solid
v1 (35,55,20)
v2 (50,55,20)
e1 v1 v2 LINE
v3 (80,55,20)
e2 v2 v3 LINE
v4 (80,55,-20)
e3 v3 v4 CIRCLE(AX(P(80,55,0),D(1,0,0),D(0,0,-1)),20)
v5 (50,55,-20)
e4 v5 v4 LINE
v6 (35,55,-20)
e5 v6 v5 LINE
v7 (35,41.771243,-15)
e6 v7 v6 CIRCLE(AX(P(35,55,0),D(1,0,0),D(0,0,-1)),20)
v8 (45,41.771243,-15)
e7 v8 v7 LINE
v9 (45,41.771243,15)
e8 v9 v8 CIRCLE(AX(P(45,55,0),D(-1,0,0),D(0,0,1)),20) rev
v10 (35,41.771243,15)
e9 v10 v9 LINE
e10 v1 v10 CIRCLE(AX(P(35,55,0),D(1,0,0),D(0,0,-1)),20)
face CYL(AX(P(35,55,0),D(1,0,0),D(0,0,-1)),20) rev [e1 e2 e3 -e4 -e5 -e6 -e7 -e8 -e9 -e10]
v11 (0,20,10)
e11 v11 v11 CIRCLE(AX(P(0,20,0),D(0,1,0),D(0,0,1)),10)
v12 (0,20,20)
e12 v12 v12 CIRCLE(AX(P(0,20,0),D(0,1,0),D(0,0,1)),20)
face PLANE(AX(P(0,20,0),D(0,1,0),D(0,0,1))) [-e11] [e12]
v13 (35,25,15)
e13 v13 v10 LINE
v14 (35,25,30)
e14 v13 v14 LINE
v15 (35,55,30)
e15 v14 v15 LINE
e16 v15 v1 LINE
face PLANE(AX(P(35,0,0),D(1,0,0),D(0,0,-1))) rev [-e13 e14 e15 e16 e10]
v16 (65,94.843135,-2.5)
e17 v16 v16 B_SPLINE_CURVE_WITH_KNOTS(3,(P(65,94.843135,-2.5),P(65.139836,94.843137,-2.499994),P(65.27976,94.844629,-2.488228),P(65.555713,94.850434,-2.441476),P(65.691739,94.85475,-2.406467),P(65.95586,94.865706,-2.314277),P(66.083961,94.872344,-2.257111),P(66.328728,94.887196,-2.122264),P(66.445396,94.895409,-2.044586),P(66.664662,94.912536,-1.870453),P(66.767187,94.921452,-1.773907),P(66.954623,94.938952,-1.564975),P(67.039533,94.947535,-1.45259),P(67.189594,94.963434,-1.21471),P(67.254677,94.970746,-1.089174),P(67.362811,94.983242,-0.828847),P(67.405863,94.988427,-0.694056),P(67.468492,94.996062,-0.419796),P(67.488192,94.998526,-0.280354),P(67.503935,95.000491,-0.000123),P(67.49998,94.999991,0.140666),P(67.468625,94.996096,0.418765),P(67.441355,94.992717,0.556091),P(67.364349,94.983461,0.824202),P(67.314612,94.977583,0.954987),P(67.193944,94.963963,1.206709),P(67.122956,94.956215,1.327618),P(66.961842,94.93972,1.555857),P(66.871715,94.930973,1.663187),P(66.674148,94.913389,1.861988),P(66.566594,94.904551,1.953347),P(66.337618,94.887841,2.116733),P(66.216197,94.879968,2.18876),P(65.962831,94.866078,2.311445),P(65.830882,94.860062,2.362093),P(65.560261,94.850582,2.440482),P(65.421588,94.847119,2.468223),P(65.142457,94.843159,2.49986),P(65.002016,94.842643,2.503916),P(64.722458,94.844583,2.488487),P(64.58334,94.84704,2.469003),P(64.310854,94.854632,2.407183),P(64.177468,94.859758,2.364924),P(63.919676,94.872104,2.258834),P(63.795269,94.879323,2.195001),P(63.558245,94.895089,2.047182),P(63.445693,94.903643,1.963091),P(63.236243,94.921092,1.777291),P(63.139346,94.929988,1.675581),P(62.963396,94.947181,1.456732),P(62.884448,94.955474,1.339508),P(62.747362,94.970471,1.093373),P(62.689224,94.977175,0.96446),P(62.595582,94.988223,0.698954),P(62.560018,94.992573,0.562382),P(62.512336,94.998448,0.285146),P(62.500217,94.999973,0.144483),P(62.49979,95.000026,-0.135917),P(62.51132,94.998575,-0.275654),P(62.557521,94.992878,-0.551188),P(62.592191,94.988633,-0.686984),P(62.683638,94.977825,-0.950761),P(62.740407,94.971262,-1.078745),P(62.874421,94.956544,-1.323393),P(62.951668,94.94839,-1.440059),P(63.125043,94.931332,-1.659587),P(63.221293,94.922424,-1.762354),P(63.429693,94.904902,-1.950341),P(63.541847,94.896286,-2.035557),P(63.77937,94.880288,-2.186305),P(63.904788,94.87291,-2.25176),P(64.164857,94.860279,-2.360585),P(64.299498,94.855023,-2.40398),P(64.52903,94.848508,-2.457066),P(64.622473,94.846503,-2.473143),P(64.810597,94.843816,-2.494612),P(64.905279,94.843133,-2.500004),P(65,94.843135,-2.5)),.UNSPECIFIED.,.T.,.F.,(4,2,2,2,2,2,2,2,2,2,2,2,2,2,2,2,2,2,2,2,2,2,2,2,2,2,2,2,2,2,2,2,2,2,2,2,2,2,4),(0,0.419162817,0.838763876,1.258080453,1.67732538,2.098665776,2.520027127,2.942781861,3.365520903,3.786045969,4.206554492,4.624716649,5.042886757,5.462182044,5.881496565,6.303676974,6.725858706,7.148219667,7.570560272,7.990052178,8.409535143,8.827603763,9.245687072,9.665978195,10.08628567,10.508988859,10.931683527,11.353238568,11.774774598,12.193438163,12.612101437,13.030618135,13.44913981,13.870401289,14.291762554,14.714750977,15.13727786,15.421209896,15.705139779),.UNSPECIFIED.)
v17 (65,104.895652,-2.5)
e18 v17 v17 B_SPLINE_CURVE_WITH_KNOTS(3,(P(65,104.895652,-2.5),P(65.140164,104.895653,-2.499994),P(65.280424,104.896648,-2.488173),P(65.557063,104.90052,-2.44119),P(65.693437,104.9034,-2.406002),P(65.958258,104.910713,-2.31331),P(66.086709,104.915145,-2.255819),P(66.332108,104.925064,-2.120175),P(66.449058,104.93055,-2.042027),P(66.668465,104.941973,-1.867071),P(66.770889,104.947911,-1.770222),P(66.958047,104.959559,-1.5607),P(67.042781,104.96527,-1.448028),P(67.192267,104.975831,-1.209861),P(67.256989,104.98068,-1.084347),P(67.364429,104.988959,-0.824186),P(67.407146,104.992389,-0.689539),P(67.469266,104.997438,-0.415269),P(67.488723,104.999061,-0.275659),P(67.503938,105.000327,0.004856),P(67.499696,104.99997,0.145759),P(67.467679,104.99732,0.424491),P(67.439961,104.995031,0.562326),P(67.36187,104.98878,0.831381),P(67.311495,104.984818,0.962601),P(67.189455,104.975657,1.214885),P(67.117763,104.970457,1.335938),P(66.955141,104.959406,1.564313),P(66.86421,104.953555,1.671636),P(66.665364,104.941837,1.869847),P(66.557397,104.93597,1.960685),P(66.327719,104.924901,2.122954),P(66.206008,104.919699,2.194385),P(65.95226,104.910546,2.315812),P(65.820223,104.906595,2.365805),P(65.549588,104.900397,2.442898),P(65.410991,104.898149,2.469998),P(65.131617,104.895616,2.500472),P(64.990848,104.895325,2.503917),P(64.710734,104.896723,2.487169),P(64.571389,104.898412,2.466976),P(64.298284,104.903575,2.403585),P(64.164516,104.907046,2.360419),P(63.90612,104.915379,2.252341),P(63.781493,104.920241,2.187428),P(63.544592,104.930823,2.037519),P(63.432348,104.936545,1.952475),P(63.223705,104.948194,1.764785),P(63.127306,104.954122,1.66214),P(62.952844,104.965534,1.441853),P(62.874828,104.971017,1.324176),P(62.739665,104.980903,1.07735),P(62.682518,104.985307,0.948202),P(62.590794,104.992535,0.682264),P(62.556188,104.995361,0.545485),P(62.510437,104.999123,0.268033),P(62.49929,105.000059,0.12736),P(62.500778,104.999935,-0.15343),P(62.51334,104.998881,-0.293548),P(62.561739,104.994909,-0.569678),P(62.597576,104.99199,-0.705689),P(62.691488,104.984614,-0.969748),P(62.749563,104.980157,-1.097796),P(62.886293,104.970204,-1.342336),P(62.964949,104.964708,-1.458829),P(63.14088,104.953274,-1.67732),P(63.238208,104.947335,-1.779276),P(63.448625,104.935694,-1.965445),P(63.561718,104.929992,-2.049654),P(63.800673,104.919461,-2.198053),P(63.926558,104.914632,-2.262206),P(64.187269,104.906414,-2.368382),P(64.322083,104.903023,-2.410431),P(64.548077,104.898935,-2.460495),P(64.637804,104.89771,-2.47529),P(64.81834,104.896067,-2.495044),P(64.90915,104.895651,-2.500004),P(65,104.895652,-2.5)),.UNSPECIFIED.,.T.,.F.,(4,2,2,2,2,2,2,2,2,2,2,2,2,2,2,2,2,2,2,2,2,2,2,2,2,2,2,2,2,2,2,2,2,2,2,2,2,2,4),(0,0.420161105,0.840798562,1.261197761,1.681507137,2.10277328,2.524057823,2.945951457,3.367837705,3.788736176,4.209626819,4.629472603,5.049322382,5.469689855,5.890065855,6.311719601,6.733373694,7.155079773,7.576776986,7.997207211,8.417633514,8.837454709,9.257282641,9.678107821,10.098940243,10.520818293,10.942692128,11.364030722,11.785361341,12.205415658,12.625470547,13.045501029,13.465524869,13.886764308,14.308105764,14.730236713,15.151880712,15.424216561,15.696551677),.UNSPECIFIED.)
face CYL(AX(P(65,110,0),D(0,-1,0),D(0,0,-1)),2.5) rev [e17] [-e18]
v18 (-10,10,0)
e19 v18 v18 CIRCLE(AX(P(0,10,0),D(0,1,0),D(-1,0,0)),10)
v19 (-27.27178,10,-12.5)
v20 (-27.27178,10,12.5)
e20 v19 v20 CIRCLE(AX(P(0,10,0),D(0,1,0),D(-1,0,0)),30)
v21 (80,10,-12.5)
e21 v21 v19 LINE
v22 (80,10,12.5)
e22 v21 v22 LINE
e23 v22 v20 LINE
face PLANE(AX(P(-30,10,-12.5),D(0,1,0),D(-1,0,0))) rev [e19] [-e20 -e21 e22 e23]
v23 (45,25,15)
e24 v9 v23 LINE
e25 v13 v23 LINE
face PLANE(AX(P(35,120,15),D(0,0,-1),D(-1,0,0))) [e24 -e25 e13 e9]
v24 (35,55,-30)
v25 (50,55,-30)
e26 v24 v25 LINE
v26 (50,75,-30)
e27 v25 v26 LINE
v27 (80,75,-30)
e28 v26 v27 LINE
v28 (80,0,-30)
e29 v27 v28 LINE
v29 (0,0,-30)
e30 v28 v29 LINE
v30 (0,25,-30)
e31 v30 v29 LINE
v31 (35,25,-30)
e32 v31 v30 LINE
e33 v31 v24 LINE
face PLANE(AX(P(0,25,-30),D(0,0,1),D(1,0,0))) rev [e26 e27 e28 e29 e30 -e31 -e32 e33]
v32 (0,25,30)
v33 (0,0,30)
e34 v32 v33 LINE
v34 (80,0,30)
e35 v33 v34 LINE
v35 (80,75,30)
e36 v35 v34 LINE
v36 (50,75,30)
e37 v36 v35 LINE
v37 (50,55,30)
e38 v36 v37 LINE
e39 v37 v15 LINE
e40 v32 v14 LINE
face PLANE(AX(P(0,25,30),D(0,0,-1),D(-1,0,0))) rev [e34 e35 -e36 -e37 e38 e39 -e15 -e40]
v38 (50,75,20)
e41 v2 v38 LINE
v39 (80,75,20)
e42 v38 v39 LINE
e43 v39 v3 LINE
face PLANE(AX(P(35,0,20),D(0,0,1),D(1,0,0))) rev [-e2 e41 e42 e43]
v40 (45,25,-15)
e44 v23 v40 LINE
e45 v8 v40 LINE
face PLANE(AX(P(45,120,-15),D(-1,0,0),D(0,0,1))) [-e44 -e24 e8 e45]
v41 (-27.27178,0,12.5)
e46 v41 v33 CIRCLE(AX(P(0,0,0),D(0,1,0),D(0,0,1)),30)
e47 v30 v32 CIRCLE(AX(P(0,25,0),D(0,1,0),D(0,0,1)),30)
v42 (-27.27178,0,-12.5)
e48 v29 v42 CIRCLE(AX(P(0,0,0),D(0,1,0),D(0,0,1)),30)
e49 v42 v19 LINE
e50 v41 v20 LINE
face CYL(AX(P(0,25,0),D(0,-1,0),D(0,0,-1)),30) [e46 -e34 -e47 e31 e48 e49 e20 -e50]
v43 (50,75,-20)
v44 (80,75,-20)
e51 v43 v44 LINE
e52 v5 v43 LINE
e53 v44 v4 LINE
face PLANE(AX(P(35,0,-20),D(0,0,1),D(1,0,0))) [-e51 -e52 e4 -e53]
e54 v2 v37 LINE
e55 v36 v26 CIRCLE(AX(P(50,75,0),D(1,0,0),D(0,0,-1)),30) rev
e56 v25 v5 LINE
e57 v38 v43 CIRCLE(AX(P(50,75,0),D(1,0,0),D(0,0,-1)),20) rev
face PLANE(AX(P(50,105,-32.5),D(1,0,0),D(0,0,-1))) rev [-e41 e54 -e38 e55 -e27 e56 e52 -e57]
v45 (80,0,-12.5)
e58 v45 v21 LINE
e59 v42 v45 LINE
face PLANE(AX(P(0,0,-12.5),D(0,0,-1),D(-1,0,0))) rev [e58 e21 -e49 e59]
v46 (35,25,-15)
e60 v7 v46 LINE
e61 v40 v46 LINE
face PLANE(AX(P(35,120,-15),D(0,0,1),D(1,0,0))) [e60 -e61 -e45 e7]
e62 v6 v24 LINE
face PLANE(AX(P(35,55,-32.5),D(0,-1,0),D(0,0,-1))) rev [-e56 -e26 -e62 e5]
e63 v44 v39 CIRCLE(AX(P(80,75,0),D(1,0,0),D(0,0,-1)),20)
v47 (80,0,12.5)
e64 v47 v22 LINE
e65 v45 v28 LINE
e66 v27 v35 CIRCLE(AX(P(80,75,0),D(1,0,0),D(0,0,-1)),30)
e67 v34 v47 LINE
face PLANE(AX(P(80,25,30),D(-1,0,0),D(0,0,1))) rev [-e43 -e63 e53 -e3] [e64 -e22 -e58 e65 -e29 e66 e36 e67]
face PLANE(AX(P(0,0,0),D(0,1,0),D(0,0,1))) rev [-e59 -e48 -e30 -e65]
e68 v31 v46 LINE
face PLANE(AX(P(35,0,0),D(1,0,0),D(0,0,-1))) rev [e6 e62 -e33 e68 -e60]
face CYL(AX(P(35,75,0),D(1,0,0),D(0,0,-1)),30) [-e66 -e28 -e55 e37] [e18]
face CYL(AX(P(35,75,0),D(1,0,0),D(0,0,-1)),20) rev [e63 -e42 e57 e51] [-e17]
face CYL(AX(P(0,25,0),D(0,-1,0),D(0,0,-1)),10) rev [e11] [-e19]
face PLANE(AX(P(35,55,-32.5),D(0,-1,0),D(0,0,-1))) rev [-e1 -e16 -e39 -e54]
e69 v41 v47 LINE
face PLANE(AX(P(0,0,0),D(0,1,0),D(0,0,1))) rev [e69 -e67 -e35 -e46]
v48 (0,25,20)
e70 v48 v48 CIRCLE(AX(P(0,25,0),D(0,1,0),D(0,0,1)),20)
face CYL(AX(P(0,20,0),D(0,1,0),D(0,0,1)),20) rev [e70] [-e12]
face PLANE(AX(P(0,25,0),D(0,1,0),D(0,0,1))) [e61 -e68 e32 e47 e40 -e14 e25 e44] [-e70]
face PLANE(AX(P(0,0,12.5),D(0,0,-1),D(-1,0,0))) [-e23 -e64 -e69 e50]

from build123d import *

# Parameters (mm, degrees)
SKETCH1_R               = 10
BOSS_EXTRUDE1_DEPTH     = 25
BOSS_EXTRUDE2_DEPTH     = 45
SKETCH4_W               = 110
SKETCH4_H               = 10
CUT_EXTRUDE1_DEPTH      = 12.5
SKETCH5_W               = 15
SKETCH5_H               = 50
CUT_EXTRUDE2_DEPTH      = 32.5
SKETCH6_W               = 10
SKETCH6_H               = 30
CUT_EXTRUDE3_DEPTH      = 65
CUT_EXTRUDE3_DEPTH_BACK = 30
SKETCH7_R               = 20
CUT_EXTRUDE4_DEPTH      = 5
SKETCH9_R               = 2.5
CUT_EXTRUDE5_DEPTH      = 55


with BuildPart() as part:
    # Sketch1 → Boss-Extrude1 (new body)
    with BuildSketch(Plane(origin=(0, 0, 0), x_dir=(1, 0, 0), z_dir=(0, 1, 0))):
        with BuildLine():
            Line((0, -30), (80, -30))
            Line((80, -30), (80, 30))
            Line((80, 30), (0, 30))
            ThreePointArc((0, 30), (-30, 0), (0, -30))
        make_face()
        Circle(SKETCH1_R, mode=Mode.SUBTRACT)
    extrude(amount=BOSS_EXTRUDE1_DEPTH)

    # Sketch2 → Boss-Extrude2 (add)
    with BuildSketch(Plane(origin=(80, 0, 0), x_dir=(0, 0, -1), z_dir=(1, 0, 0))):
        with BuildLine():
            Line((-30, 25), (30, 25))
            Line((30, 25), (30, 75))
            Line((30, 75), (20, 75))
            Line((20, 75), (20, 55))
            ThreePointArc((20, 55), (0, 35), (-20, 55))
            Line((-20, 55), (-20, 75))
            Line((-20, 75), (-30, 75))
            Line((-30, 75), (-30, 25))
        make_face()
        with BuildLine():
            Line((20, 75), (30, 75))
            ThreePointArc((30, 75), (0, 105), (-30, 75))
            Line((-30, 75), (-20, 75))
            ThreePointArc((-20, 75), (-17.020295968, 85.502834149), (-8.969047485, 92.876134572))
            ThreePointArc((-8.969047485, 92.876134572), (2.405486487, 94.854813894), (12.978420983, 90.217114995))
            ThreePointArc((12.978420983, 90.217114995), (18.159961724, 83.379486271), (20, 75))
        make_face()
    extrude(amount=-BOSS_EXTRUDE2_DEPTH)

    # Sketch4 → Cut-Extrude1 (cut, symmetric)
    with BuildSketch(Plane.XY):
        with Locations((25, 5)):
            Rectangle(SKETCH4_W, SKETCH4_H)
    extrude(amount=CUT_EXTRUDE1_DEPTH, both=True, mode=Mode.SUBTRACT)

    # Sketch5 → Cut-Extrude2 (cut, symmetric)
    with BuildSketch(Plane.XY):
        with Locations((42.5, 80)):
            Rectangle(SKETCH5_W, SKETCH5_H)
    extrude(amount=CUT_EXTRUDE2_DEPTH, both=True, mode=Mode.SUBTRACT)

    # Sketch6 → Cut-Extrude3 (cut, two sides)
    with BuildSketch(Plane(origin=(0, 55, 0), x_dir=(1, 0, 0), z_dir=(0, 1, 0))) as cut_extrude3_sk:
        with Locations((40, 0)):
            Rectangle(SKETCH6_W, SKETCH6_H)
    extrude(amount=CUT_EXTRUDE3_DEPTH, mode=Mode.SUBTRACT)
    extrude(cut_extrude3_sk.sketch, amount=-CUT_EXTRUDE3_DEPTH_BACK, mode=Mode.SUBTRACT)

    # Sketch7 → Cut-Extrude4 (cut)
    with BuildSketch(Plane(origin=(0, 25, 0), x_dir=(1, 0, 0), z_dir=(0, 1, 0))):
        Circle(SKETCH7_R)
    extrude(amount=-CUT_EXTRUDE4_DEPTH, mode=Mode.SUBTRACT)

    # Sketch9 → Cut-Extrude5 (cut)
    with BuildSketch(Plane(origin=(0, 55, 0), x_dir=(1, 0, 0), z_dir=(0, 1, 0))):
        with Locations((65, 0)):
            Circle(SKETCH9_R)
    extrude(amount=CUT_EXTRUDE5_DEPTH, mode=Mode.SUBTRACT)


solid = part.part
